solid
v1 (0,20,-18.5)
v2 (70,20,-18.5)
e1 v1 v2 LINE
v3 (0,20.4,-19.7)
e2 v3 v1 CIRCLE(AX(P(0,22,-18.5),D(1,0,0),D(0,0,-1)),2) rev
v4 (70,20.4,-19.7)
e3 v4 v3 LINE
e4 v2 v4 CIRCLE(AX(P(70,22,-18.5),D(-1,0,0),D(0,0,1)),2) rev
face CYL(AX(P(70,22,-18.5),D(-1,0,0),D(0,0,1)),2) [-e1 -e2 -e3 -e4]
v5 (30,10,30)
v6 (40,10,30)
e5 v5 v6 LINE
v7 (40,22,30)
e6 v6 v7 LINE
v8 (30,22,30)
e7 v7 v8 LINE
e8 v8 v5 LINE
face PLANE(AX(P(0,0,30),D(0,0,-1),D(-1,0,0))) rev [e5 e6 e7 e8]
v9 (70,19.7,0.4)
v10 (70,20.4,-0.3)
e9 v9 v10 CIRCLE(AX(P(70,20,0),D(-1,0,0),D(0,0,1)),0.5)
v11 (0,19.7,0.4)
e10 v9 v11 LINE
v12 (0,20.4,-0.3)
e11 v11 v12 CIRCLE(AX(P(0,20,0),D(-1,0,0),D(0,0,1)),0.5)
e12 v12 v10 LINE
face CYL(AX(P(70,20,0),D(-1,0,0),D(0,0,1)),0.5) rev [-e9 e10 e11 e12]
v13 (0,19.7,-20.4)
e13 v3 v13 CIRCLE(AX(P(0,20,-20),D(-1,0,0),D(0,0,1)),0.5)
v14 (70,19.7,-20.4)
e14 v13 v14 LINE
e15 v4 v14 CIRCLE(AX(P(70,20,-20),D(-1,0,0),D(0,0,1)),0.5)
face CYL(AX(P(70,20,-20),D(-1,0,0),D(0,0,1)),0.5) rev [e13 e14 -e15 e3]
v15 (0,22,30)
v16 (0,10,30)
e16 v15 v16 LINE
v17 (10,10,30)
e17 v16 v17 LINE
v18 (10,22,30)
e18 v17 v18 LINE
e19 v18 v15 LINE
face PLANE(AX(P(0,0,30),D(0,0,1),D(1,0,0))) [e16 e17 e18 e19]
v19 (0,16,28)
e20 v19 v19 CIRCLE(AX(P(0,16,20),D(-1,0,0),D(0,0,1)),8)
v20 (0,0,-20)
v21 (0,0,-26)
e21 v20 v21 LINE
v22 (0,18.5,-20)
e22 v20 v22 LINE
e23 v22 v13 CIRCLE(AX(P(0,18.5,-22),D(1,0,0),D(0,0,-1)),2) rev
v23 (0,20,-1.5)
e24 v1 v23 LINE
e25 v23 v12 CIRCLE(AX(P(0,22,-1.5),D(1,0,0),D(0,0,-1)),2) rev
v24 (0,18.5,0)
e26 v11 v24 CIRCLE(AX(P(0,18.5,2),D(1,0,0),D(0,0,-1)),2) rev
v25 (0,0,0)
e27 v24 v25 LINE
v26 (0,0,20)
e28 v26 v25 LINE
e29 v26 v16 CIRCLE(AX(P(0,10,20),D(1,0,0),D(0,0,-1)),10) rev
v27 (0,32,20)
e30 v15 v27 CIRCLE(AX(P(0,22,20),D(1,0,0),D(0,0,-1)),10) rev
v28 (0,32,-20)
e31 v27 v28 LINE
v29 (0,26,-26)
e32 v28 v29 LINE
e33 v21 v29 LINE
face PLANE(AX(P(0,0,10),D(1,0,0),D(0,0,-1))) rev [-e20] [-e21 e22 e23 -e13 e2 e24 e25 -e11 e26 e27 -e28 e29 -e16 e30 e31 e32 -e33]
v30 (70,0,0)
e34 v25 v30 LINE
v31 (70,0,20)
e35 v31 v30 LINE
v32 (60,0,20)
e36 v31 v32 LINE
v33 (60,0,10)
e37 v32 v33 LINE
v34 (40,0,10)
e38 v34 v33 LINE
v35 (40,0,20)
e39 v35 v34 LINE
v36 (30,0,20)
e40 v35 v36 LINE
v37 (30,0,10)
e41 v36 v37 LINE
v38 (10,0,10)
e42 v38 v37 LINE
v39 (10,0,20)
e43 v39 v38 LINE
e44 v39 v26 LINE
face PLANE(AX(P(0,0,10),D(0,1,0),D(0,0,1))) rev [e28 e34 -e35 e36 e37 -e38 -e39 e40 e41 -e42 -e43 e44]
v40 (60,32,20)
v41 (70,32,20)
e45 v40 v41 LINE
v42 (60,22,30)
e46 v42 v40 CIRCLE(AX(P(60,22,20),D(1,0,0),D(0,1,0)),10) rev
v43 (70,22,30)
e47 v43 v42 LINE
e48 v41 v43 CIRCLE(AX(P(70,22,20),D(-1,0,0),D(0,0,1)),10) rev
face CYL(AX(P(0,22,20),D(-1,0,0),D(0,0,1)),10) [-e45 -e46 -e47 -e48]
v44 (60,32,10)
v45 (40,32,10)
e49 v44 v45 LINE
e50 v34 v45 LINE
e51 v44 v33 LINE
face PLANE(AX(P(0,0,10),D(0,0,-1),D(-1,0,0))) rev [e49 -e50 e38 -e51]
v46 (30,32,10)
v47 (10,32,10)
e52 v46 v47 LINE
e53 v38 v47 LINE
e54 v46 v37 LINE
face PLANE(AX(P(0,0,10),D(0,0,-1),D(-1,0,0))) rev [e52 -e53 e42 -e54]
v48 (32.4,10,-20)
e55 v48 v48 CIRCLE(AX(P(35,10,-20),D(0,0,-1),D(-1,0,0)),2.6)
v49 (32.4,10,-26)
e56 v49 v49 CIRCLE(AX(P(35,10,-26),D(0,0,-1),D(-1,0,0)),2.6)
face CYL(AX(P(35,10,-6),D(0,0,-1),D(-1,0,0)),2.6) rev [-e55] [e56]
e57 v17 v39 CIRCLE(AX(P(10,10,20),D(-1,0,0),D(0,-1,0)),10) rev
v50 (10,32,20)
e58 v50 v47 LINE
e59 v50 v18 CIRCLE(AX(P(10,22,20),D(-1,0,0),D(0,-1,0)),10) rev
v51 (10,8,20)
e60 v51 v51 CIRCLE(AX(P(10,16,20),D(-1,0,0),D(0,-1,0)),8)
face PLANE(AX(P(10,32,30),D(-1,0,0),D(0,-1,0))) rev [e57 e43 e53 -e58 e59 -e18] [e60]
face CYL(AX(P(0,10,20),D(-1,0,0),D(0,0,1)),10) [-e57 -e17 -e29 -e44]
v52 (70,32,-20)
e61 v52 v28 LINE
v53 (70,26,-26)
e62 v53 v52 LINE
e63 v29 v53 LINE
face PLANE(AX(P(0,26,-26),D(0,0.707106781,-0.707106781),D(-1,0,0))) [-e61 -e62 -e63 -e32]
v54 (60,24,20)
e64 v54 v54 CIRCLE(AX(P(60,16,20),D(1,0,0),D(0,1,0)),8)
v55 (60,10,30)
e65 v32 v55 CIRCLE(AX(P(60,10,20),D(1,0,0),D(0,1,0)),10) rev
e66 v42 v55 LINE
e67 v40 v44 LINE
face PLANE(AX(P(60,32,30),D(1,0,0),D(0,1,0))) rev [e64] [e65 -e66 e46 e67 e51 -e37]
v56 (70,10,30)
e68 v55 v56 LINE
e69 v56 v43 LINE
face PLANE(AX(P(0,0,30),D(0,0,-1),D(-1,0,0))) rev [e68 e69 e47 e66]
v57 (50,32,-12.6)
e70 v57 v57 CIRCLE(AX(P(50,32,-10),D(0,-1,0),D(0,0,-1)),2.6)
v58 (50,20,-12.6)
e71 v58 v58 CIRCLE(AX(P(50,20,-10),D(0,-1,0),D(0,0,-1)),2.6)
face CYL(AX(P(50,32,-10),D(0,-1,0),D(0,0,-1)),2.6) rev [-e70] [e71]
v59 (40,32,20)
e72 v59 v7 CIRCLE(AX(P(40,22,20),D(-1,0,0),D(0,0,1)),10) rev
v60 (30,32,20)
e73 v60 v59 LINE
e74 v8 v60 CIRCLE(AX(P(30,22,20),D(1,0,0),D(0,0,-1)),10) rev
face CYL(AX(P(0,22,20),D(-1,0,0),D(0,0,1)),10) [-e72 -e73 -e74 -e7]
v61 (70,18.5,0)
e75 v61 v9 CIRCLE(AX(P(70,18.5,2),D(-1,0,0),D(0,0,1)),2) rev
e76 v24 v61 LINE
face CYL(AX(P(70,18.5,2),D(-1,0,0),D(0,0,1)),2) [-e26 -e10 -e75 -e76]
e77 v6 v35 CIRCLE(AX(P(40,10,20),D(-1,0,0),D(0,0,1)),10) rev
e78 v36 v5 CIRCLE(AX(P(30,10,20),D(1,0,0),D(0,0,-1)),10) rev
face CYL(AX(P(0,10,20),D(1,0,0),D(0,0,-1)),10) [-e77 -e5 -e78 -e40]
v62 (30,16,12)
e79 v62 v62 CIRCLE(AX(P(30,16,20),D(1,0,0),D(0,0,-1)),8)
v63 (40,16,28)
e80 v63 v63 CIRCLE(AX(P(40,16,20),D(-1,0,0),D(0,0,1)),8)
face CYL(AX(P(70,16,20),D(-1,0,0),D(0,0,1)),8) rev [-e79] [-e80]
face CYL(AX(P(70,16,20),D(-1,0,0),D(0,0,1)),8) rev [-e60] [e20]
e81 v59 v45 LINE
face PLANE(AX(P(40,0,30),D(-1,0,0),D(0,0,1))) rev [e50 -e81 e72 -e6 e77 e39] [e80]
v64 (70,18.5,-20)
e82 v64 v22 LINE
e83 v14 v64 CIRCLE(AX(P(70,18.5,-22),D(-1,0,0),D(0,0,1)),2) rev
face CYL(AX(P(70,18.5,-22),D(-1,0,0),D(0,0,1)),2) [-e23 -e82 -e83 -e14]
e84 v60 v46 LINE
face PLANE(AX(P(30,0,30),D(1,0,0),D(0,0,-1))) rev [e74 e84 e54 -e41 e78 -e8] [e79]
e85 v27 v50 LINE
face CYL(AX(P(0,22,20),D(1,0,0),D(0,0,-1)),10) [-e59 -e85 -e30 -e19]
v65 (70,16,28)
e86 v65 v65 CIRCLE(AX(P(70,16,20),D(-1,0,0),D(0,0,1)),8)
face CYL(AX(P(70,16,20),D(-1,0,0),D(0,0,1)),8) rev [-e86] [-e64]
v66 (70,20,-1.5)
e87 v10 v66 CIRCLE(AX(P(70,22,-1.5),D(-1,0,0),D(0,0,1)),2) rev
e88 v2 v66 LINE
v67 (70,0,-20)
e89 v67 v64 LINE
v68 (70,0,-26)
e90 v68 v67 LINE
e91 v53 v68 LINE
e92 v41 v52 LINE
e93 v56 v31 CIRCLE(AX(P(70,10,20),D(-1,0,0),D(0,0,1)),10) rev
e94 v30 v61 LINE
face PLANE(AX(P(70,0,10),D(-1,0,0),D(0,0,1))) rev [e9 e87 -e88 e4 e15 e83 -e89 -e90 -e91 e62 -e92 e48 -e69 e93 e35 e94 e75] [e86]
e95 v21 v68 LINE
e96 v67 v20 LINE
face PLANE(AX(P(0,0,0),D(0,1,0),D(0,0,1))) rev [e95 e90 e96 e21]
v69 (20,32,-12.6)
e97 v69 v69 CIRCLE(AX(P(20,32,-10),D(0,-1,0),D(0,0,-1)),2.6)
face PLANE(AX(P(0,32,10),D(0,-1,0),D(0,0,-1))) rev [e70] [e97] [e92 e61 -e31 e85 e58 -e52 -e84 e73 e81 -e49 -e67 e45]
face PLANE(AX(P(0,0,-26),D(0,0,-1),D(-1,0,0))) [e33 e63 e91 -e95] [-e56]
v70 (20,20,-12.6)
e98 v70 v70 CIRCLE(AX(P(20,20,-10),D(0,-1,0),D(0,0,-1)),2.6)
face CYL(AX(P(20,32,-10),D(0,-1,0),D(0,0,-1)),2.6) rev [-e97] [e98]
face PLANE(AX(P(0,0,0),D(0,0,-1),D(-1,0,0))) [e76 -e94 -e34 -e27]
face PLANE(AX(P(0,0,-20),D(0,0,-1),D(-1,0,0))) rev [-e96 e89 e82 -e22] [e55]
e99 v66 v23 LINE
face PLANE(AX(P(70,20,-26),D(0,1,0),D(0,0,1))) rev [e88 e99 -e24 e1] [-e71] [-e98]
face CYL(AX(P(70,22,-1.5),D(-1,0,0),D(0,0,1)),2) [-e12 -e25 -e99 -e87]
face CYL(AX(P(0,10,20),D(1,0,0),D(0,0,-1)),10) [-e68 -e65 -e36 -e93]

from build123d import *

# Parameters (mm, degrees)
SZKIC1_W                    = 70
SZKIC1_H                    = 32
DODANIE_WYCI_GNI_CIE1_DEPTH = 10
SZKIC2_W                    = 10
SZKIC2_H                    = 32
DODANIE_WYCI_GNI_CIE2_DEPTH = 20
SZKIC3_W                    = 70
SZKIC3_H                    = 12
DODANIE_WYCI_GNI_CIE3_DEPTH = 26
SZKIC4_W                    = 70
SZKIC4_H                    = 6
DODANIE_WYCI_GNI_CIE4_DEPTH = 20
SZKIC5_R                    = 0.5
WYTNIJ_WYCI_GNI_CIE1_DEPTH  = 83.607505712
ZAOKR_GLENIE1_R             = 2
SZKIC6_R                    = 8
WYTNIJ_WYCI_GNI_CIE2_DEPTH  = 83.607505712
ZAOKR_GLENIE2_R             = 10
SZKIC7_R                    = 2.6
WYTNIJ_WYCI_GNI_CIE3_DEPTH  = 79.74007874
SZKIC8_R                    = 2.6
WYTNIJ_WYCI_GNI_CIE4_DEPTH  = 20
SFAZOWANIE1_SIZE            = 6


with BuildPart() as part:
    # Szkic1 → Dodanie-wyciągnięcie1 (new body)
    with BuildSketch(Plane.XY):
        with Locations((35, 16)):
            Rectangle(SZKIC1_W, SZKIC1_H)
    extrude(amount=DODANIE_WYCI_GNI_CIE1_DEPTH)

    # Szkic2 → Dodanie-wyciągnięcie2 (add)
    with BuildSketch(Plane.XY.offset(10)):
        with Locations((5, 16)):
            Rectangle(SZKIC2_W, SZKIC2_H)
        with Locations((35, 16)):
            Rectangle(SZKIC2_W, SZKIC2_H)
        with Locations((65, 16)):
            Rectangle(SZKIC2_W, SZKIC2_H)
    extrude(amount=DODANIE_WYCI_GNI_CIE2_DEPTH)

    # Szkic3 → Dodanie-wyciągnięcie3 (add)
    with BuildSketch(Plane(origin=(0, 0, 0), x_dir=(-1, 0, 0), z_dir=(0, 0, -1))):
        with Locations((-35, 26)):
            Rectangle(SZKIC3_W, SZKIC3_H)
    extrude(amount=DODANIE_WYCI_GNI_CIE3_DEPTH)

    # Szkic4 → Dodanie-wyciągnięcie4 (add)
    with BuildSketch(Plane.XZ.offset(-20)):
        with Locations((35, -23)):
            Rectangle(SZKIC4_W, SZKIC4_H)
    extrude(amount=DODANIE_WYCI_GNI_CIE4_DEPTH)

    # Szkic5 → Wytnij-wyciągnięcie1 (cut, through all)
    with BuildSketch(Plane.ZY):
        with Locations((-20, 20)):
            Circle(SZKIC5_R)
        with Locations((0, 20)):
            Circle(SZKIC5_R)
    extrude(amount=-WYTNIJ_WYCI_GNI_CIE1_DEPTH, mode=Mode.SUBTRACT)

    # Zaokrąglenie1
    zaokr_glenie1_edges = [part.edges().sort_by_distance(p)[0] for p in [
        (35, 19.5, -20),
        (35, 19.5, 0),
        (35, 20, -19.5),
        (35, 20, -0.5),
    ]]
    fillet(zaokr_glenie1_edges, radius=ZAOKR_GLENIE1_R)

    # Szkic6 → Wytnij-wyciągnięcie2 (cut, through all)
    with BuildSketch(Plane.ZY):
        with Locations((20, 16)):
            Circle(SZKIC6_R)
    extrude(amount=-WYTNIJ_WYCI_GNI_CIE2_DEPTH, mode=Mode.SUBTRACT)

    # Zaokrąglenie2
    zaokr_glenie2_edges = [part.edges().sort_by_distance(p)[0] for p in [
        (5, 0, 30),
        (5, 32, 30),
        (35, 0, 30),
        (35, 32, 30),
        (65, 32, 30),
        (65, 0, 30),
    ]]
    fillet(zaokr_glenie2_edges, radius=ZAOKR_GLENIE2_R)

    # Szkic7 → Wytnij-wyciągnięcie3 (cut, through all)
    with BuildSketch(Plane.XZ.offset(-20)):
        with Locations(Location((20, -10, 0), (0, 0, 270))):
            Circle(SZKIC7_R)
        with Locations(Location((50, -10, 0), (0, 0, 270))):
            Circle(SZKIC7_R)
    extrude(amount=-WYTNIJ_WYCI_GNI_CIE3_DEPTH, mode=Mode.SUBTRACT)

    # Szkic8 → Wytnij-wyciągnięcie4 (cut)
    with BuildSketch(Plane(origin=(0, 0, -26), x_dir=(-1, 0, 0), z_dir=(0, 0, -1))):
        with Locations((-35, 10)):
            Circle(SZKIC8_R)
    extrude(amount=-WYTNIJ_WYCI_GNI_CIE4_DEPTH, mode=Mode.SUBTRACT)

    # Sfazowanie1
    sfazowanie1_edges = [part.edges().sort_by_distance(p)[0] for p in [
        (35, 32, -26),
    ]]
    chamfer(sfazowanie1_edges, length=SFAZOWANIE1_SIZE)


solid = part.part
